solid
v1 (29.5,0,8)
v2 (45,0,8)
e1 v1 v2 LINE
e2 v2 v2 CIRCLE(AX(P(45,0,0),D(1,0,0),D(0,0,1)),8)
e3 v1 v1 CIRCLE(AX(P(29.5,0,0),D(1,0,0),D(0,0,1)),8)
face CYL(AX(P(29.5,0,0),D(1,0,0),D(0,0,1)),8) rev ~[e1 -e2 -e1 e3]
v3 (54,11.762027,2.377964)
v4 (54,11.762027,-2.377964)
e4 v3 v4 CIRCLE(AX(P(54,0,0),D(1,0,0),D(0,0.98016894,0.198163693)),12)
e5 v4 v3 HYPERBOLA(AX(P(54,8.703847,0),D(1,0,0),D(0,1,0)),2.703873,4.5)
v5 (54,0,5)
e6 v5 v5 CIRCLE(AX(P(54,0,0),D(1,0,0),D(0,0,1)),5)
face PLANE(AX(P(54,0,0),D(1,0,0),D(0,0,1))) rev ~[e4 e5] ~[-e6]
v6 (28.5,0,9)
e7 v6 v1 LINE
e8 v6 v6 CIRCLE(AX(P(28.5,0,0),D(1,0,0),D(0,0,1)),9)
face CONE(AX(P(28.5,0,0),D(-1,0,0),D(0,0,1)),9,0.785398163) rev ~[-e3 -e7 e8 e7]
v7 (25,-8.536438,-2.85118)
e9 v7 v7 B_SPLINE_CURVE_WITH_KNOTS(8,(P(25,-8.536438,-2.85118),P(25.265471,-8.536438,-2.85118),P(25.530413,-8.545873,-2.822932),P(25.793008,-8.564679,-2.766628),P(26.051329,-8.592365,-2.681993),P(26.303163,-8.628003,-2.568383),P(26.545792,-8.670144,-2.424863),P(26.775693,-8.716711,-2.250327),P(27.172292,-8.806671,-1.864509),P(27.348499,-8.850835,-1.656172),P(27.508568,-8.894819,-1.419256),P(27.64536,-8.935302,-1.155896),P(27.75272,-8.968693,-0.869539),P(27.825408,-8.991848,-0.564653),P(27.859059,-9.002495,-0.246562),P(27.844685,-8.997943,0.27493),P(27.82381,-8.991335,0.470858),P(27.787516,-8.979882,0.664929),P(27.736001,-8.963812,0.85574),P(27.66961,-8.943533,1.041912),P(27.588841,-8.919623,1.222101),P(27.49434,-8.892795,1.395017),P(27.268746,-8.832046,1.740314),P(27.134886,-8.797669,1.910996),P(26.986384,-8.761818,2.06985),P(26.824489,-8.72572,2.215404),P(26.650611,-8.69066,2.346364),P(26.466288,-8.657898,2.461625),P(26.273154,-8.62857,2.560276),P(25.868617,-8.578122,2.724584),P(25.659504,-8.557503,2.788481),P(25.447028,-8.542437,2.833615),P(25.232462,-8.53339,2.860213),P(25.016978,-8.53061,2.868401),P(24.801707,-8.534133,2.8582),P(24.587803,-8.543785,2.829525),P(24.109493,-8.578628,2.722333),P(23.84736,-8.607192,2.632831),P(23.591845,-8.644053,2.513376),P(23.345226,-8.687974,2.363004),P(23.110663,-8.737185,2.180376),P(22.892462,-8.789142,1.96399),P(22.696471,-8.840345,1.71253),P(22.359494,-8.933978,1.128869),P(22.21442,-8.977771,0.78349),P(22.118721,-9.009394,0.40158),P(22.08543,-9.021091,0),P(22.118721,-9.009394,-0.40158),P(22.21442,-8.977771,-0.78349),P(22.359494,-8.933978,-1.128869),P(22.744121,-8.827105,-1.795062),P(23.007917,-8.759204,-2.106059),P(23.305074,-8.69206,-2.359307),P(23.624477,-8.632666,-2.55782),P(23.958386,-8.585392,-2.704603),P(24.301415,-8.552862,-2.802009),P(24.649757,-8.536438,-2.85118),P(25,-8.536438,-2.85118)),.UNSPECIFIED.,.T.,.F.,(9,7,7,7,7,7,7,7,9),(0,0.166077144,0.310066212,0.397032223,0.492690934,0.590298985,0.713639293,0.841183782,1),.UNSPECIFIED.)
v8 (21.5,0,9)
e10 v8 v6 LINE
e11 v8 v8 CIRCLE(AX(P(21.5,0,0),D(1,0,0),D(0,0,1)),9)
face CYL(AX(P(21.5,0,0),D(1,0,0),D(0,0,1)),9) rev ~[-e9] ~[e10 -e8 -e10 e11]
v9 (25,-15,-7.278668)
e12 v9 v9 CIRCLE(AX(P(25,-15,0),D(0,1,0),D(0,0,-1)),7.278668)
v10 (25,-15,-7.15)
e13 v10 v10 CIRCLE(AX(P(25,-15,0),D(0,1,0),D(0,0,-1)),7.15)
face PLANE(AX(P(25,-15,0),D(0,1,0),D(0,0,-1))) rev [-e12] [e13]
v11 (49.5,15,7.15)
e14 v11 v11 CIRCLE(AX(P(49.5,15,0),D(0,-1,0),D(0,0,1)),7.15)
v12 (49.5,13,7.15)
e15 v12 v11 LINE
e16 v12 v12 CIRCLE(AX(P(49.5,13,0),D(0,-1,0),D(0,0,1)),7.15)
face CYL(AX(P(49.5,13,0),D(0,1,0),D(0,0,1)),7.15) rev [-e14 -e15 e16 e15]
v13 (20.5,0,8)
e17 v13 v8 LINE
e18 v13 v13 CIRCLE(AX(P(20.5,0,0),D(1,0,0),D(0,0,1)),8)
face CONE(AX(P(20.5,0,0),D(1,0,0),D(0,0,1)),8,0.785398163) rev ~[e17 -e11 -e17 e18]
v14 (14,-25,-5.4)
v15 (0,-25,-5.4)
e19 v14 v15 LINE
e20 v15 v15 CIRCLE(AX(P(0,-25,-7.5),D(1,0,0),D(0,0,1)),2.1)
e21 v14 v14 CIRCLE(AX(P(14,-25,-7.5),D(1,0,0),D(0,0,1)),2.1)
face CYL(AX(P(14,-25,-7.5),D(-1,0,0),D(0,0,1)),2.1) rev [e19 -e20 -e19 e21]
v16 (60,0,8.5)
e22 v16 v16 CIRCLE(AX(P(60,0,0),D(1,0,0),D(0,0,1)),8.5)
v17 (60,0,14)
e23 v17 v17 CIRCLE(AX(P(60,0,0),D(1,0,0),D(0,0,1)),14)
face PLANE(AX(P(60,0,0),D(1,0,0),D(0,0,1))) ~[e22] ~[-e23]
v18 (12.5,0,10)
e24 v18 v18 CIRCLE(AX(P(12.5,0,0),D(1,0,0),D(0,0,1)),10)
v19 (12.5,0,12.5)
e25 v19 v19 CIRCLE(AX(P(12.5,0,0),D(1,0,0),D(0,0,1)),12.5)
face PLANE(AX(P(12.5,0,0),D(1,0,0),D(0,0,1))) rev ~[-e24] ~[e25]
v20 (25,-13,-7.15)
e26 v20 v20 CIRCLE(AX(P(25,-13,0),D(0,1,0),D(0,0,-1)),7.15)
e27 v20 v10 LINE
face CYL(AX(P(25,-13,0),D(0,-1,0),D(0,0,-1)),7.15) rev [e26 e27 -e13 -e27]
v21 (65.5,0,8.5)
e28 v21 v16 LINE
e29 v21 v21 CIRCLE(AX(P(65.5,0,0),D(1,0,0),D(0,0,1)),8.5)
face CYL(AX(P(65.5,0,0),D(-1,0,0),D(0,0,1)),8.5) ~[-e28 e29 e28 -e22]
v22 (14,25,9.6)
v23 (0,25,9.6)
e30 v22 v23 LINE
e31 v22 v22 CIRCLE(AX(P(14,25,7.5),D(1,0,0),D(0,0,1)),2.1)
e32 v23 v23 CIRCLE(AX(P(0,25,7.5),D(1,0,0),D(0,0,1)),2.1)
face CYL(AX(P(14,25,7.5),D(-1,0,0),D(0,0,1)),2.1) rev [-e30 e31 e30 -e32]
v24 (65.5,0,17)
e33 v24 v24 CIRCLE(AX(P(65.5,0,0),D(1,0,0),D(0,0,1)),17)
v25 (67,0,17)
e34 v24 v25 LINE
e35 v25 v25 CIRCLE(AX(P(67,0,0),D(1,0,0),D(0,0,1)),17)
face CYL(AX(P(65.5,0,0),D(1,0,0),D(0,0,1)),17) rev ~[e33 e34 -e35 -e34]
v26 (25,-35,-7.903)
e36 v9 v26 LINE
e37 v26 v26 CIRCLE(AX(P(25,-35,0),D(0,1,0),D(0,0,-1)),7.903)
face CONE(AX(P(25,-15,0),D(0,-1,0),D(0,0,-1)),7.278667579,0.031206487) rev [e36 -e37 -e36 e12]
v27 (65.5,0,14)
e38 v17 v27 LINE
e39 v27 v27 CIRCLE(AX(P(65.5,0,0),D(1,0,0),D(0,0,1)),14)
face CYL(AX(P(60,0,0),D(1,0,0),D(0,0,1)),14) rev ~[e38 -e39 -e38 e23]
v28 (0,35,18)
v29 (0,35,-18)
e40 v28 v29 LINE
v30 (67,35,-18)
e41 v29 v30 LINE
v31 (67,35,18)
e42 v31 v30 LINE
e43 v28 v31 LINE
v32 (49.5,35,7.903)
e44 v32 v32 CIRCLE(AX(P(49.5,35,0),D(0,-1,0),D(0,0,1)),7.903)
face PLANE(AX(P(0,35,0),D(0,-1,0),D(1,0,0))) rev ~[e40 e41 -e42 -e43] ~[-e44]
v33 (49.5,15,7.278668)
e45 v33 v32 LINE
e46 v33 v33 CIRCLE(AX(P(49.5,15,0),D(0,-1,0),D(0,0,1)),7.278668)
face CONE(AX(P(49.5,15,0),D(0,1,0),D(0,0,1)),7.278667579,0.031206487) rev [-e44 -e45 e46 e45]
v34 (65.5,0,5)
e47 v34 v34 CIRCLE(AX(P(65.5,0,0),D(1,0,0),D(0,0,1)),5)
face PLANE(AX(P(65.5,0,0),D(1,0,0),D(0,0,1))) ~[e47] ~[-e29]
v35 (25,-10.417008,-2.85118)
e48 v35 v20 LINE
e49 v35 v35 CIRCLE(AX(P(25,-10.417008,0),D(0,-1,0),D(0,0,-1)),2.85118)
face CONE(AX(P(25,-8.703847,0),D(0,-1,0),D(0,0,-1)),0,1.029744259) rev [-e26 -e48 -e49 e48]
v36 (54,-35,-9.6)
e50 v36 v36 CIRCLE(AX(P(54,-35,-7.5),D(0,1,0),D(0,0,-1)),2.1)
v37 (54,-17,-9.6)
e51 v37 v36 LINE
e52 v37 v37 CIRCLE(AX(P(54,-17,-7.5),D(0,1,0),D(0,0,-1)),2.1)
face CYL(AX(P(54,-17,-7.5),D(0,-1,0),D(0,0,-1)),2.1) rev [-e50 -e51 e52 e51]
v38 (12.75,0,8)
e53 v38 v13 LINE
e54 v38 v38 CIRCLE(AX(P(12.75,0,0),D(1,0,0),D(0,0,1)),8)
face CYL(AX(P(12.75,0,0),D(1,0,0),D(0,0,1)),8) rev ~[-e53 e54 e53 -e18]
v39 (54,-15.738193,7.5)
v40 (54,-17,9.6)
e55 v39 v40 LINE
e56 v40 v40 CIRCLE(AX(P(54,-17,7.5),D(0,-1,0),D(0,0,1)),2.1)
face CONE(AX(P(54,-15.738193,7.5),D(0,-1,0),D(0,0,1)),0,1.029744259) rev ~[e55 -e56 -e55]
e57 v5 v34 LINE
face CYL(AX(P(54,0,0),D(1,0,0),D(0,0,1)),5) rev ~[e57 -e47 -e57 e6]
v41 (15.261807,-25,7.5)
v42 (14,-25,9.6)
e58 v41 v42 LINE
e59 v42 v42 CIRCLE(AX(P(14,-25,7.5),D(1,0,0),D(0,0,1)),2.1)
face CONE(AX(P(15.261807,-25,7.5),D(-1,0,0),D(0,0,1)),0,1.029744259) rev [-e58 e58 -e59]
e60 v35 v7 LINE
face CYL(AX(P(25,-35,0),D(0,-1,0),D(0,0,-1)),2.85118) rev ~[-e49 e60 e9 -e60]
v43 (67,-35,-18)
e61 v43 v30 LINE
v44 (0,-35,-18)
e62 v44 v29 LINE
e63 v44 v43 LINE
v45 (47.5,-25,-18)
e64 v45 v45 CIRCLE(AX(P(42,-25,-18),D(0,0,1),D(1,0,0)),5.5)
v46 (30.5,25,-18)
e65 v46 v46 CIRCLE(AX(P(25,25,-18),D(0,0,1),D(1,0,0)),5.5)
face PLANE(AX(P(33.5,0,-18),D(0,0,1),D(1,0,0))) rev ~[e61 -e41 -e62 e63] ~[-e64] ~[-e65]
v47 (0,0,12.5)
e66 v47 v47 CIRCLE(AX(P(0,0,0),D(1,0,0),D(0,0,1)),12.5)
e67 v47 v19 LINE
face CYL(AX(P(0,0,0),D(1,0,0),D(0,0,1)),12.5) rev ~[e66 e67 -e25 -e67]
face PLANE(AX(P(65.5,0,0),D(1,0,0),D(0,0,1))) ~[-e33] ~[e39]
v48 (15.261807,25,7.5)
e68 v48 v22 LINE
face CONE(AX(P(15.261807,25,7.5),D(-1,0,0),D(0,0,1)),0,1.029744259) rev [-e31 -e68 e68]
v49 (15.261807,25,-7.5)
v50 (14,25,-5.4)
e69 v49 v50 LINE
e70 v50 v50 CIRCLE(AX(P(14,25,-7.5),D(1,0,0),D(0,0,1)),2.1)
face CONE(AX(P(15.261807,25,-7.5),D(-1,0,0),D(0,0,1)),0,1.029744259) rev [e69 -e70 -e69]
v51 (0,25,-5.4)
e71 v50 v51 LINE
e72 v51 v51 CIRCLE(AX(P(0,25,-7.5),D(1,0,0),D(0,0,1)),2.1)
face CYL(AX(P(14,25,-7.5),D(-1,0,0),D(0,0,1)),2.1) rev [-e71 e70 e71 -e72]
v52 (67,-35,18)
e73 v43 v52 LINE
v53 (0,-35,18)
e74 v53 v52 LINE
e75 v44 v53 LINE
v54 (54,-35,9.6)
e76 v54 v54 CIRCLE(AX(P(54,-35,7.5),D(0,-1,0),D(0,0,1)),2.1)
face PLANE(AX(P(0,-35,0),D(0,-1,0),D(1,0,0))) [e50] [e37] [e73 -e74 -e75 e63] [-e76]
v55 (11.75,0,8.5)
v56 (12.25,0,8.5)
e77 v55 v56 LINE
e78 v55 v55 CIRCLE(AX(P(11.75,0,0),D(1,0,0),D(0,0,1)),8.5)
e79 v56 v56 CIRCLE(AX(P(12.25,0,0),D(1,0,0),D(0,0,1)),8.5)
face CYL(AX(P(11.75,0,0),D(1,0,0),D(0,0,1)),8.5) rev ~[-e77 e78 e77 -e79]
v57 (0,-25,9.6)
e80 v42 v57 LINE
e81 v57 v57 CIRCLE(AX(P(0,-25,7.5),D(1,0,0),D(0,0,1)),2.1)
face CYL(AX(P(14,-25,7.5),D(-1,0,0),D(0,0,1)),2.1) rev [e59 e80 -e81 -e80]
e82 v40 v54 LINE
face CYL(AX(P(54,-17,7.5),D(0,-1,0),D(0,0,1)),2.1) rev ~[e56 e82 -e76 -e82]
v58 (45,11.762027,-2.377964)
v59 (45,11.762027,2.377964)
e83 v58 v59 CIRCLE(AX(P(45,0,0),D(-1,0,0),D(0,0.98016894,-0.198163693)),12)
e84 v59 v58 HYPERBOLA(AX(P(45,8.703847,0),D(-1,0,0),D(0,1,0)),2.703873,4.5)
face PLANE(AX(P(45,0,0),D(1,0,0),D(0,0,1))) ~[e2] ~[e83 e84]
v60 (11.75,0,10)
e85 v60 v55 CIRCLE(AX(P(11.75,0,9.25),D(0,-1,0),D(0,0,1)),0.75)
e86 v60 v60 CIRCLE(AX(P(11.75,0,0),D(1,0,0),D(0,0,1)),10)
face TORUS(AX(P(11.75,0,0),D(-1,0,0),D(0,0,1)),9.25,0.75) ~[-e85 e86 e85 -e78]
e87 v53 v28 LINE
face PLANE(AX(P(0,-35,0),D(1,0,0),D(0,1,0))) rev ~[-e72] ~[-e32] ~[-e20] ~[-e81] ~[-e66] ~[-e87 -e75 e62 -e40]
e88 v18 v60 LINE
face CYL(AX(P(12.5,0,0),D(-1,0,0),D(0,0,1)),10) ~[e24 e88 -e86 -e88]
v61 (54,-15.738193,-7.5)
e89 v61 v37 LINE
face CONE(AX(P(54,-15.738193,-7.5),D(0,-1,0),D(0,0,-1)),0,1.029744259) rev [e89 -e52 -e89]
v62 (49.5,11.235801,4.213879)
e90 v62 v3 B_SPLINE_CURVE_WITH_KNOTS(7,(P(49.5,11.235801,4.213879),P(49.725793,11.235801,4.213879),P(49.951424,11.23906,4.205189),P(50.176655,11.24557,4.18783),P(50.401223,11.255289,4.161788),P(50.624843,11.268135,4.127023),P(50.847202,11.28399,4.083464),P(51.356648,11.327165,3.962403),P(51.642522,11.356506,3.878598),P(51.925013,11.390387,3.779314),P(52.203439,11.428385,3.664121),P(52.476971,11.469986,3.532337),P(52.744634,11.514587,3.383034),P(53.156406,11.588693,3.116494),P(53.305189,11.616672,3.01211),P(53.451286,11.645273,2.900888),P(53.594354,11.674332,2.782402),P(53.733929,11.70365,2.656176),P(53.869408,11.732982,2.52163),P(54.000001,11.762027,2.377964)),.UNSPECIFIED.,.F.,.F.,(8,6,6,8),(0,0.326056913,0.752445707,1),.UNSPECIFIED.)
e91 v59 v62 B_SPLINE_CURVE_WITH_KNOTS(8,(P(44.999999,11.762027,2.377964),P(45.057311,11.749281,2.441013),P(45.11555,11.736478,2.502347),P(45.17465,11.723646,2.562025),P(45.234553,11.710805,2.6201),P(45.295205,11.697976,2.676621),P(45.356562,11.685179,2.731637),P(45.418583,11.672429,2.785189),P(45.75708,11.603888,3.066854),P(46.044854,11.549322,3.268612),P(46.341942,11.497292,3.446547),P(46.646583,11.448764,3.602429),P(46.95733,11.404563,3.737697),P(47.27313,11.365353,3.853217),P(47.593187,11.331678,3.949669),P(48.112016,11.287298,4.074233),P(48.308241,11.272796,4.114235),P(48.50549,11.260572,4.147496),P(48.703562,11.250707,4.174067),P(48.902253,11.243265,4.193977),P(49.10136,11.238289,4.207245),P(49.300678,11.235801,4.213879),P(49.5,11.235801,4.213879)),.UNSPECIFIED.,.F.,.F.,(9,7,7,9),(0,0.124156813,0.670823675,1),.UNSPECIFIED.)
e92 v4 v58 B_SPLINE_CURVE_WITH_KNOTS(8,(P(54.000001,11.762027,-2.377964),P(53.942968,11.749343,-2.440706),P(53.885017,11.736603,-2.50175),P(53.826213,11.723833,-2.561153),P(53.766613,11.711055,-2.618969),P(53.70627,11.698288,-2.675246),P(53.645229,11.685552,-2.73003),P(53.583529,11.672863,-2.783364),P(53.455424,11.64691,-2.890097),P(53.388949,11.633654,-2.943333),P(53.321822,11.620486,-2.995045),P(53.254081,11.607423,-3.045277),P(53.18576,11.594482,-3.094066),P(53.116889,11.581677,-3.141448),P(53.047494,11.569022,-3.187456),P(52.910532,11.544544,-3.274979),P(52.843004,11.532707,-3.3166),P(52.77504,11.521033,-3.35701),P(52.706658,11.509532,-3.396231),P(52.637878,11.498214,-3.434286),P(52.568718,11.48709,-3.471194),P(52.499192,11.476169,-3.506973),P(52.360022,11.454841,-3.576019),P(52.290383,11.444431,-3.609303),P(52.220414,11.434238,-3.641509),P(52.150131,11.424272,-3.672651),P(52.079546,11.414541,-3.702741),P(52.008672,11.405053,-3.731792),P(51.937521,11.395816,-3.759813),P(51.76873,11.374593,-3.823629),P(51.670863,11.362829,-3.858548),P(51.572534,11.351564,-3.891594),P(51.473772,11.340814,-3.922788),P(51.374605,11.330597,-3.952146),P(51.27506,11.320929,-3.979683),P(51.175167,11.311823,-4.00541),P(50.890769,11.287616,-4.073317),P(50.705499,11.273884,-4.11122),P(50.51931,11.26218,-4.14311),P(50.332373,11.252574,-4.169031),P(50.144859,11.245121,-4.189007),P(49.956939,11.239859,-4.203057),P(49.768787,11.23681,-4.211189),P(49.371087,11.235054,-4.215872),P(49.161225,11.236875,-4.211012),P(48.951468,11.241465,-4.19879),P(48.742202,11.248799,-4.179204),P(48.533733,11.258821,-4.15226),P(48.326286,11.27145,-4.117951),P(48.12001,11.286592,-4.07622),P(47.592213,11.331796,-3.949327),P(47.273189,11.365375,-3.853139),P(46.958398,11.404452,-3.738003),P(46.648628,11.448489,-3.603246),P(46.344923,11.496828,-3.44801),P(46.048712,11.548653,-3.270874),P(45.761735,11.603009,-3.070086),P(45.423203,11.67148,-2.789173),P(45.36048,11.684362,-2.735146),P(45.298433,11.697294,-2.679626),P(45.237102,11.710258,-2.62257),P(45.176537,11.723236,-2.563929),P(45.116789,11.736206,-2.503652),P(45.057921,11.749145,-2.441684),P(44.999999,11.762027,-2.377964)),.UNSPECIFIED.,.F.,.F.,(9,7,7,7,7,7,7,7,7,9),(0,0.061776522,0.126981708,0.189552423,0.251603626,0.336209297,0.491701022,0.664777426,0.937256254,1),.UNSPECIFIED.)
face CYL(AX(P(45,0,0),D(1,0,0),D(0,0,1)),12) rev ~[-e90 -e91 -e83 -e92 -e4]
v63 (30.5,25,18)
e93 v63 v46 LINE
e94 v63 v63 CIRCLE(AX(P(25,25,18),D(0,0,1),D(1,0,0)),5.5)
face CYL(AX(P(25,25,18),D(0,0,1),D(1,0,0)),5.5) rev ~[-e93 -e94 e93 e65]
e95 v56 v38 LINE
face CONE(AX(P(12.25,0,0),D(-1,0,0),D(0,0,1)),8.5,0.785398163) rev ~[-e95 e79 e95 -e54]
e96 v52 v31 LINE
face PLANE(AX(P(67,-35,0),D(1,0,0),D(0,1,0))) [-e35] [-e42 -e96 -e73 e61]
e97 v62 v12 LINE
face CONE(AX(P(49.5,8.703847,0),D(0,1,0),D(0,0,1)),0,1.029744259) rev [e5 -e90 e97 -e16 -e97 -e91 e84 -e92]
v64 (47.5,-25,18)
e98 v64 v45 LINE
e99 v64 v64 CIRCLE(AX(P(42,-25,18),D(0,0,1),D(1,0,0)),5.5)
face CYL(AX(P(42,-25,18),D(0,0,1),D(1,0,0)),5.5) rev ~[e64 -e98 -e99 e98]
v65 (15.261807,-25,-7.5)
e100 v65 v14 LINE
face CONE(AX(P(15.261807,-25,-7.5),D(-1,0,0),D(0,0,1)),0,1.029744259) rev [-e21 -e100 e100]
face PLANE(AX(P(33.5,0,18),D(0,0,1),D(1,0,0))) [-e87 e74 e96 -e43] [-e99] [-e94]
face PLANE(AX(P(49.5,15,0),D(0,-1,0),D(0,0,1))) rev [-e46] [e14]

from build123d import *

# Parameters (mm, degrees)
ESQUISSE1_W                                   = 67
ESQUISSE1_H                                   = 70
BASE_EXTRUSION_DEPTH                          = 18
ESQUISSE8_R                                   = 2.851179932
ENL_V_MAT_EXTRU_1_DEPTH                       = 29
ESQUISSE9_R                                   = 5.5
TROUS_DE_PASSAGE_POUR_FIXATIONMAT_EXTRU_DEPTH = 84.725742756
R_P_TITION_LIN_AIRE1_COUNT                    = 2
R_P_TITION_LIN_AIRE1_PITCH                    = 15
R_P_TITION_LIN_AIRE1_COUNT_DIR2               = 2
R_P_TITION_LIN_AIRE1_PITCH_DIR2               = 50


with BuildPart() as part:
    # Esquisse1 → Base-Extrusion (new, symmetric)
    with BuildSketch(Plane.XY):
        with Locations((33.5, 0)):
            Rectangle(ESQUISSE1_W, ESQUISSE1_H)
    extrude(amount=BASE_EXTRUSION_DEPTH, both=True)

    # Esquisse2 → Enlèvement de matière-Révolution1 (revolve, cut)
    with BuildSketch(Plane.XY, mode=Mode.PRIVATE) as enl_vement_de_mati_re_r_volution1_sk:
        with BuildLine():
            Line((0, 12.5), (12.5, 12.5))
            Line((12.5, 12.5), (12.5, 10))
            Line((12.5, 10), (11.75, 10))
            ThreePointArc((11.75, 10), (11, 9.25), (11.75, 8.5))
            Line((11.75, 8.5), (12.25, 8.5))
            Line((12.25, 8.5), (12.75, 8))
            Line((12.75, 8), (20.5, 8))
            Line((20.5, 8), (21.5, 9))
            Line((21.5, 9), (28.5, 9))
            Line((28.5, 9), (29.5, 8))
            Line((29.5, 8), (45, 8))
            Line((45, 8), (45, 12))
            Line((45, 12), (54, 12))
            Line((54, 12), (54, 8))
            Line((54, 8), (54, 5))
            Line((54, 5), (65.5, 5))
            Line((65.5, 5), (65.5, 8.5))
            Line((65.5, 8.5), (60, 8.5))
            Line((60, 8.5), (60, 14))
            Line((60, 14), (65.5, 14))
            Line((65.5, 14), (65.5, 17))
            Line((65.5, 17), (67, 17))
            Line((67, 17), (67, 0))
            Line((67, 0), (0, 0))
            Line((0, 0), (0, 12.5))
        make_face()
    revolve(enl_vement_de_mati_re_r_volution1_sk.sketch.rotate(Axis((-4.441074665, 0, 0), (1, 0, 0)), 90), axis=Axis((-4.441074665, 0, 0), (1, 0, 0)), mode=Mode.SUBTRACT)

    # Esquisse4 → Filetage de tuyauterie ISO 7 - Rc 3/81 (revolve, cut)
    with BuildSketch(Plane(origin=(49.5, 35, 0), x_dir=(0, 0, 1), z_dir=(1, 0, 0))):
        Polygon((0, 0), (0, 26.296153426), (7.15, 22), (7.15, 20), (7.278667579, 20), (7.903, 0), align=None)
    revolve(axis=Axis((49.5, 41.35, 0), (0, -1, 0)), mode=Mode.SUBTRACT)

    # Esquisse7 → Perçage1 (revolve, cut)
    with BuildSketch(Plane(origin=(25, -35, 0), x_dir=(0, 0, -1), z_dir=(1, 0, 0))):
        Polygon((0, 0), (0, 26.296153426), (7.15, 22), (7.15, 20), (7.278667579, 20), (7.903, 0), align=None)
    revolve(axis=Axis((25, -41.35, 0), (0, 1, 0)), mode=Mode.SUBTRACT)

    # Esquisse8 → Enlèv. mat.-Extru.1 (cut)
    with BuildSketch(Plane.XZ.offset(35)):
        with Locations(Location((25, 0, 0), (0, 0, 270))):
            Circle(ESQUISSE8_R)
    extrude(amount=-ENL_V_MAT_EXTRU_1_DEPTH, mode=Mode.SUBTRACT)

    # Esquisse9 → Trous de passage pour fixationmat.-Extru.2 (cut, through all)
    with BuildSketch(Plane.XY.offset(18)):
        with Locations((25, 25)):
            Circle(ESQUISSE9_R)
        with Locations((42, -25)):
            Circle(ESQUISSE9_R)
    extrude(amount=-TROUS_DE_PASSAGE_POUR_FIXATIONMAT_EXTRU_DEPTH, mode=Mode.SUBTRACT)

    # Esquisse10 → Trou taraudé M5x0.81 (revolve, cut)
    with BuildSketch(Plane(origin=(0, 25, 7.5), x_dir=(0, 0, 1), z_dir=(0, 1, 0))):
        Polygon((0, 0), (0, 15.2618073), (2.1, 14), (2.1, 0), align=None)
    trou_taraud_m5x0_81 = revolve(axis=Axis((-6.35, 25, 7.5), (1, 0, 0)), mode=Mode.SUBTRACT)

    # Répétition linéaire1: Trou taraud_ M5x0.81 2 × 2
    with Locations(*[(0, -j * R_P_TITION_LIN_AIRE1_PITCH_DIR2, -i * R_P_TITION_LIN_AIRE1_PITCH) for i in range(R_P_TITION_LIN_AIRE1_COUNT) for j in range(R_P_TITION_LIN_AIRE1_COUNT_DIR2) if (i, j) != (0, 0)]):
        add(trou_taraud_m5x0_81, mode=Mode.SUBTRACT)

    # Esquisse12 → Trou taraudé M5x0.82 (revolve, cut)
    with BuildSketch(Plane(origin=(54, -35, -7.5), x_dir=(0, 0, -1), z_dir=(1, 0, 0))):
        Polygon((0, 0), (0, 19.2618073), (2.1, 18), (2.1, 0), align=None)
    trou_taraud_m5x0_82 = revolve(axis=Axis((54, -41.35, -7.5), (0, 1, 0)), mode=Mode.SUBTRACT)

    # Symétrie1: Trou taraudé M5x0.82 across plane
    add(trou_taraud_m5x0_82.mirror(Plane.XY), mode=Mode.SUBTRACT)


solid = part.part
